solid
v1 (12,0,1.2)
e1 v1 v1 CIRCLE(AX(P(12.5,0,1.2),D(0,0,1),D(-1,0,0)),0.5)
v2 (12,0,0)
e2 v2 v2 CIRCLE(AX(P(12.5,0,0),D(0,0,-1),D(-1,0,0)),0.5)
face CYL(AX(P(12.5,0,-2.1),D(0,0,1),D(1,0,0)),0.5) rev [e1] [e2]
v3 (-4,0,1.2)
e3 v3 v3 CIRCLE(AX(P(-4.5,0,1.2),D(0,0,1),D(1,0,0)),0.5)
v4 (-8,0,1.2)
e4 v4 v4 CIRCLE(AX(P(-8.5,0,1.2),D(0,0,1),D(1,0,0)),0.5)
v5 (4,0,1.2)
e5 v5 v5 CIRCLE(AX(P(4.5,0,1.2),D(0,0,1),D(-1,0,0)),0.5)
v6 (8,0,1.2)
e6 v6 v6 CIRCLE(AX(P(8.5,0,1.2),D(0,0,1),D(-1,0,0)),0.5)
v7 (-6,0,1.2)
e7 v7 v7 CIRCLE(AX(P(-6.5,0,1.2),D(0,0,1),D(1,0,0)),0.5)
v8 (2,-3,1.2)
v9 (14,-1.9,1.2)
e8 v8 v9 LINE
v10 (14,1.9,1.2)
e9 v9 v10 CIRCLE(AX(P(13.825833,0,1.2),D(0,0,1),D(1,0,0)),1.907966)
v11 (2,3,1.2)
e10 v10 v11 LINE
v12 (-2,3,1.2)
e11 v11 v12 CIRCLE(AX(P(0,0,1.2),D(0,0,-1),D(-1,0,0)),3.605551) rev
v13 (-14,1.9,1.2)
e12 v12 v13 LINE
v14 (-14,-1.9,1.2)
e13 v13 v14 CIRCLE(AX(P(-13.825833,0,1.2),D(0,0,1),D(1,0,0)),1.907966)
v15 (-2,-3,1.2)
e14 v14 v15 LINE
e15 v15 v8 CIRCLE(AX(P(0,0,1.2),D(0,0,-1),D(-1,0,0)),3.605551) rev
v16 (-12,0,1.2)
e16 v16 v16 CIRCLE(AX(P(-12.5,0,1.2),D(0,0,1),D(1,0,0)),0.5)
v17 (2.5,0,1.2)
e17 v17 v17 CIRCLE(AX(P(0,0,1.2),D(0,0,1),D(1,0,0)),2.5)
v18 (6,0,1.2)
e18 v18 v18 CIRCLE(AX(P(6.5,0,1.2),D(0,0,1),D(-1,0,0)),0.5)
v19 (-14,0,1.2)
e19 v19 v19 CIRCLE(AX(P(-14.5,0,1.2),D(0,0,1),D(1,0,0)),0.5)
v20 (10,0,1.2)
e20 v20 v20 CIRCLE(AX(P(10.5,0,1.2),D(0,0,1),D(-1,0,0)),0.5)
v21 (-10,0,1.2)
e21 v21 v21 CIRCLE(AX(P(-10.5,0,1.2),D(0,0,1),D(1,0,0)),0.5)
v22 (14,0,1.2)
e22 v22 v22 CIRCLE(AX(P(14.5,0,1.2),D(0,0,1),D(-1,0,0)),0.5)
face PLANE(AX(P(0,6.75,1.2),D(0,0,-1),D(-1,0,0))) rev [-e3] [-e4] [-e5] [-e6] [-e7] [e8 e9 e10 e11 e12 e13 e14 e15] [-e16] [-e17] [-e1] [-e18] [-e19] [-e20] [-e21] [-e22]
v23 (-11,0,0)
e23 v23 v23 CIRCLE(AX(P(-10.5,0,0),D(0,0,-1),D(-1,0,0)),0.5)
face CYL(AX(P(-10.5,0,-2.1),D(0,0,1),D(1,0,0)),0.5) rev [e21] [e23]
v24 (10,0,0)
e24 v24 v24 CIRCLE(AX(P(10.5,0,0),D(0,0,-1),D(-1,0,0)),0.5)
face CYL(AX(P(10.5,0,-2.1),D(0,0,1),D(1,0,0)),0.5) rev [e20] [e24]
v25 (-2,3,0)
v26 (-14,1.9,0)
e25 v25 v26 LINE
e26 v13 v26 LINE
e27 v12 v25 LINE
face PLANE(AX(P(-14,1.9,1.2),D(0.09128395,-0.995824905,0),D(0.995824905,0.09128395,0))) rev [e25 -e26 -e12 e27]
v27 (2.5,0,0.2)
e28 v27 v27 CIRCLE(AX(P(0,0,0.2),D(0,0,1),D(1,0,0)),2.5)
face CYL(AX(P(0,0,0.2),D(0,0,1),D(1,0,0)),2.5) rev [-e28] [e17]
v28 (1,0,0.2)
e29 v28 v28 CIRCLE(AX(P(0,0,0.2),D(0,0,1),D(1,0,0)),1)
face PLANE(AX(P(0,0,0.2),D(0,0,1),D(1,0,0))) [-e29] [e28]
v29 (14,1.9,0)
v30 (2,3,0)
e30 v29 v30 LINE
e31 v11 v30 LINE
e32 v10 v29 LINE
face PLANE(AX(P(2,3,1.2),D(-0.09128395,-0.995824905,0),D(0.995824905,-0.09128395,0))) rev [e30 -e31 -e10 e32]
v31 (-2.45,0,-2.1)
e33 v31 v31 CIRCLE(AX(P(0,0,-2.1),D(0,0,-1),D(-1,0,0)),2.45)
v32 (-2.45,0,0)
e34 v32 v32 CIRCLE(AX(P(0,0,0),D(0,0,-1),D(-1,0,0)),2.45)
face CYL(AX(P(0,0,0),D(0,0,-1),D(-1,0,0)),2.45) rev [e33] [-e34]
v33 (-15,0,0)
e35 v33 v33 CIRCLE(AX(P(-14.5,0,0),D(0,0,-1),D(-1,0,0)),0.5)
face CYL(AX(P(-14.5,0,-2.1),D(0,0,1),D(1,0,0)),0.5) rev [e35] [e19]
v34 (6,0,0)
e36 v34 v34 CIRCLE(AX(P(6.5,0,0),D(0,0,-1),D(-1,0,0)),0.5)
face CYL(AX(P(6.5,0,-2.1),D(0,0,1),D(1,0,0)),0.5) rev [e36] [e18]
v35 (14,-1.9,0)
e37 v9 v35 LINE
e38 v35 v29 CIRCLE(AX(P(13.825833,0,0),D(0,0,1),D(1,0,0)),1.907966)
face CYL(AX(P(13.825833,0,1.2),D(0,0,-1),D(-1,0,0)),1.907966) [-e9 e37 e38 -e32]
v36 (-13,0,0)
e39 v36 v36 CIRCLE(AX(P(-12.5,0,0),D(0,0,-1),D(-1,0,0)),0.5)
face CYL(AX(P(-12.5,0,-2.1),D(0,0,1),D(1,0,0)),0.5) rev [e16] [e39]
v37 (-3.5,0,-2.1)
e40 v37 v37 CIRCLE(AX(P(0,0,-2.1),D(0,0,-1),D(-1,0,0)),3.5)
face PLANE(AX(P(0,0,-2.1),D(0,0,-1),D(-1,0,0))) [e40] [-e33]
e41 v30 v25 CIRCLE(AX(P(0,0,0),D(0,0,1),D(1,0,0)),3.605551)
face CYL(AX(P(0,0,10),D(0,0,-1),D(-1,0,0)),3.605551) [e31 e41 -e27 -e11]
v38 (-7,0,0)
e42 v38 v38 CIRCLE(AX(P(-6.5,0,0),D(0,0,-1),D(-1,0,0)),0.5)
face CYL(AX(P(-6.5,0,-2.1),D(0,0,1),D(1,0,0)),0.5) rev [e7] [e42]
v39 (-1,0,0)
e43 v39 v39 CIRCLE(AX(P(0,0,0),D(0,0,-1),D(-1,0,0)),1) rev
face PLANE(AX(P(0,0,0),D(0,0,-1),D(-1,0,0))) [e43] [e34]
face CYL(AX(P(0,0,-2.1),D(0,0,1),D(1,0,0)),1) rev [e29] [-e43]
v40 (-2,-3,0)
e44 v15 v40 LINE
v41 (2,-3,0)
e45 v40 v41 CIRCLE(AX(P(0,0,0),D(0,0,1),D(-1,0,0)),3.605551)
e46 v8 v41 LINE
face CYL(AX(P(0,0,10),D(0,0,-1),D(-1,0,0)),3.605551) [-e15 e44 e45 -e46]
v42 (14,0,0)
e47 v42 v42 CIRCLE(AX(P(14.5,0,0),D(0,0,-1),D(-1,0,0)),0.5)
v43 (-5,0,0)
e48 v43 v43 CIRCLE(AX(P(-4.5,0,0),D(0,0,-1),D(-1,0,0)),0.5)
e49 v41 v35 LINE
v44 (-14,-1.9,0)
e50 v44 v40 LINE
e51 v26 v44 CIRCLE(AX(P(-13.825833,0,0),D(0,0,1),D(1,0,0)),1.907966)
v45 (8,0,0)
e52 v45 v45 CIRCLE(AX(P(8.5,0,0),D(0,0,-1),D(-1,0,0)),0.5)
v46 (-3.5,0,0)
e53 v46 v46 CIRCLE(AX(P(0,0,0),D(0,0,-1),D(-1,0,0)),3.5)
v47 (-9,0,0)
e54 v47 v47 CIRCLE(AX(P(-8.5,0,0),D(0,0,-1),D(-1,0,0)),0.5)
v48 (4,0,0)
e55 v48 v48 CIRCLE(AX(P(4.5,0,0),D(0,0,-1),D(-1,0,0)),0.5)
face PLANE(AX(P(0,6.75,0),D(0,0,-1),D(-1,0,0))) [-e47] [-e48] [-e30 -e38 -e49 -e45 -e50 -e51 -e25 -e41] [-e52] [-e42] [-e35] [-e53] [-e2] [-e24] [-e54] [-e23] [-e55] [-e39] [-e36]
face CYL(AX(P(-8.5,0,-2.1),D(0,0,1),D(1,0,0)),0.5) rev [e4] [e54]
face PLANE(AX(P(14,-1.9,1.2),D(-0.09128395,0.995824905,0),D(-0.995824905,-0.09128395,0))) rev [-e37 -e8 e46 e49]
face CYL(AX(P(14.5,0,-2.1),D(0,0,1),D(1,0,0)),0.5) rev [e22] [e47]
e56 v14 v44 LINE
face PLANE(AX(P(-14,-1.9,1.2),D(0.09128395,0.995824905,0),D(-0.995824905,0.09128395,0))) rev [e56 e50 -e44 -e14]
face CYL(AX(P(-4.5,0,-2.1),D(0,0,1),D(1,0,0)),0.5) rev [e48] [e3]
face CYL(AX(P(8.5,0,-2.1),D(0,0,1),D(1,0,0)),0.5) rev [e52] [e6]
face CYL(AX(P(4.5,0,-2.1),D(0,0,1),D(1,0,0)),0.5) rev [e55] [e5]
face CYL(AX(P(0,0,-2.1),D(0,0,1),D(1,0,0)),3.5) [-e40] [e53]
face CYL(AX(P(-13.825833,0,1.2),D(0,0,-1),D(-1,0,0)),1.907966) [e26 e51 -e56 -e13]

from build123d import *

# Parameters (mm, degrees)
BOSS_EXTRUDE1_DEPTH = 1.2
SKETCH2_R           = 3.5
BOSS_EXTRUDE2_DEPTH = 2.1
SKETCH3_R           = 2.5
CUT_EXTRUDE1_DEPTH  = 1
SKETCH4_R           = 1
CUT_EXTRUDE2_DEPTH  = 19.149516235
SKETCH6_R           = 2.45
CUT_EXTRUDE3_DEPTH  = 2.1
SKETCH7_R           = 0.5
CUT_EXTRUDE4_DEPTH  = 19.303140156
SKETCH8_R           = 0.5
CUT_EXTRUDE5_DEPTH  = 19.303140156
CUT_EXTRUDE6_DEPTH  = 10


with BuildPart() as part:
    # Sketch1 → Boss-Extrude1 (new body)
    with BuildSketch(Plane.XY):
        with BuildLine():
            Line((-2, -6.75), (-2, -3))
            Line((-2, -3), (-14, -1.9))
            ThreePointArc((-14, -1.9), (-15.733799273, 0), (-14, 1.9))
            Line((-14, 1.9), (-2, 3))
            Line((-2, 3), (-2, 6.75))
            ThreePointArc((-2, 6.75), (0, 8.75), (2, 6.75))
            Line((2, 6.75), (2, 3))
            Line((2, 3), (14, 1.9))
            ThreePointArc((14, 1.9), (15.733799273, 0), (14, -1.9))
            Line((14, -1.9), (2, -3))
            Line((2, -3), (2, -6.75))
            ThreePointArc((2, -6.75), (0, -8.75), (-2, -6.75))
        make_face()
    extrude(amount=BOSS_EXTRUDE1_DEPTH)

    # Sketch2 → Boss-Extrude2 (add)
    with BuildSketch(Plane(origin=(0, 0, 0), x_dir=(-1, 0, 0), z_dir=(0, 0, -1))):
        Circle(SKETCH2_R)
    extrude(amount=BOSS_EXTRUDE2_DEPTH)

    # Sketch3 → Cut-Extrude1 (cut)
    with BuildSketch(Plane.XY.offset(1.2)):
        Circle(SKETCH3_R)
    extrude(amount=-CUT_EXTRUDE1_DEPTH, mode=Mode.SUBTRACT)

    # Sketch4 → Cut-Extrude2 (cut, through all)
    with BuildSketch(Plane.XY.offset(0.2)):
        Circle(SKETCH4_R)
    extrude(amount=-CUT_EXTRUDE2_DEPTH, mode=Mode.SUBTRACT)

    # Sketch6 → Cut-Extrude3 (cut)
    with BuildSketch(Plane(origin=(0, 0, -2.1), x_dir=(-1, 0, 0), z_dir=(0, 0, -1))):
        Circle(SKETCH6_R)
    extrude(amount=-CUT_EXTRUDE3_DEPTH, mode=Mode.SUBTRACT)

    # Sketch7 → Cut-Extrude4 (cut, through all)
    with BuildSketch(Plane.XY.offset(1.2)):
        with Locations((0, -4.5)):
            Circle(SKETCH7_R)
        with Locations((0, -6.5)):
            Circle(SKETCH7_R)
        with Locations((0, 4.5)):
            Circle(SKETCH7_R)
        with Locations((0, 6.5)):
            Circle(SKETCH7_R)
    extrude(amount=-CUT_EXTRUDE4_DEPTH, mode=Mode.SUBTRACT)

    # Sketch8 → Cut-Extrude5 (cut, through all)
    with BuildSketch(Plane.XY.offset(1.2)):
        with Locations((-4.5, 0)):
            Circle(SKETCH8_R)
        with Locations((-6.5, 0)):
            Circle(SKETCH8_R)
        with Locations((-8.5, 0)):
            Circle(SKETCH8_R)
        with Locations((-10.5, 0)):
            Circle(SKETCH8_R)
        with Locations((-12.5, 0)):
            Circle(SKETCH8_R)
        with Locations((-14.5, 0)):
            Circle(SKETCH8_R)
        with Locations(Location((4.5, 0, 0), (0, 0, 180))):
            Circle(SKETCH8_R)
        with Locations(Location((6.5, 0, 0), (0, 0, 180))):
            Circle(SKETCH8_R)
        with Locations(Location((8.5, 0, 0), (0, 0, 180))):
            Circle(SKETCH8_R)
        with Locations(Location((10.5, 0, 0), (0, 0, 180))):
            Circle(SKETCH8_R)
        with Locations(Location((12.5, 0, 0), (0, 0, 180))):
            Circle(SKETCH8_R)
        with Locations(Location((14.5, 0, 0), (0, 0, 180))):
            Circle(SKETCH8_R)
    extrude(amount=-CUT_EXTRUDE5_DEPTH, mode=Mode.SUBTRACT)

    # Sketch10 → Cut-Extrude6 (cut)
    with BuildSketch(Plane(origin=(0, 0, 0), x_dir=(-1, 0, 0), z_dir=(0, 0, -1))):
        with BuildLine():
            Line((-2, 3), (-3.5, 8.058048999))
            Line((-3.5, 8.058048999), (0.410688034, 10.263711762))
            Line((0.410688034, 10.263711762), (4.972399658, 6.328608878))
            Line((4.972399658, 6.328608878), (2, 3))
            ThreePointArc((2, 3), (0, 3.605551275), (-2, 3))
        make_face()
        with BuildLine():
            Line((-2, -3), (-3.79905406, -6.652770289))
            Line((-3.79905406, -6.652770289), (-0.630835306, -10.284036399))
            Line((-0.630835306, -10.284036399), (2.565835598, -9.787591171))
            Line((2.565835598, -9.787591171), (3.731558209, -4.826385145))
            Line((3.731558209, -4.826385145), (2, -3))
            ThreePointArc((2, -3), (0, -3.605551275), (-2, -3))
        make_face()
    extrude(amount=-CUT_EXTRUDE6_DEPTH, mode=Mode.SUBTRACT)


solid = part.part
